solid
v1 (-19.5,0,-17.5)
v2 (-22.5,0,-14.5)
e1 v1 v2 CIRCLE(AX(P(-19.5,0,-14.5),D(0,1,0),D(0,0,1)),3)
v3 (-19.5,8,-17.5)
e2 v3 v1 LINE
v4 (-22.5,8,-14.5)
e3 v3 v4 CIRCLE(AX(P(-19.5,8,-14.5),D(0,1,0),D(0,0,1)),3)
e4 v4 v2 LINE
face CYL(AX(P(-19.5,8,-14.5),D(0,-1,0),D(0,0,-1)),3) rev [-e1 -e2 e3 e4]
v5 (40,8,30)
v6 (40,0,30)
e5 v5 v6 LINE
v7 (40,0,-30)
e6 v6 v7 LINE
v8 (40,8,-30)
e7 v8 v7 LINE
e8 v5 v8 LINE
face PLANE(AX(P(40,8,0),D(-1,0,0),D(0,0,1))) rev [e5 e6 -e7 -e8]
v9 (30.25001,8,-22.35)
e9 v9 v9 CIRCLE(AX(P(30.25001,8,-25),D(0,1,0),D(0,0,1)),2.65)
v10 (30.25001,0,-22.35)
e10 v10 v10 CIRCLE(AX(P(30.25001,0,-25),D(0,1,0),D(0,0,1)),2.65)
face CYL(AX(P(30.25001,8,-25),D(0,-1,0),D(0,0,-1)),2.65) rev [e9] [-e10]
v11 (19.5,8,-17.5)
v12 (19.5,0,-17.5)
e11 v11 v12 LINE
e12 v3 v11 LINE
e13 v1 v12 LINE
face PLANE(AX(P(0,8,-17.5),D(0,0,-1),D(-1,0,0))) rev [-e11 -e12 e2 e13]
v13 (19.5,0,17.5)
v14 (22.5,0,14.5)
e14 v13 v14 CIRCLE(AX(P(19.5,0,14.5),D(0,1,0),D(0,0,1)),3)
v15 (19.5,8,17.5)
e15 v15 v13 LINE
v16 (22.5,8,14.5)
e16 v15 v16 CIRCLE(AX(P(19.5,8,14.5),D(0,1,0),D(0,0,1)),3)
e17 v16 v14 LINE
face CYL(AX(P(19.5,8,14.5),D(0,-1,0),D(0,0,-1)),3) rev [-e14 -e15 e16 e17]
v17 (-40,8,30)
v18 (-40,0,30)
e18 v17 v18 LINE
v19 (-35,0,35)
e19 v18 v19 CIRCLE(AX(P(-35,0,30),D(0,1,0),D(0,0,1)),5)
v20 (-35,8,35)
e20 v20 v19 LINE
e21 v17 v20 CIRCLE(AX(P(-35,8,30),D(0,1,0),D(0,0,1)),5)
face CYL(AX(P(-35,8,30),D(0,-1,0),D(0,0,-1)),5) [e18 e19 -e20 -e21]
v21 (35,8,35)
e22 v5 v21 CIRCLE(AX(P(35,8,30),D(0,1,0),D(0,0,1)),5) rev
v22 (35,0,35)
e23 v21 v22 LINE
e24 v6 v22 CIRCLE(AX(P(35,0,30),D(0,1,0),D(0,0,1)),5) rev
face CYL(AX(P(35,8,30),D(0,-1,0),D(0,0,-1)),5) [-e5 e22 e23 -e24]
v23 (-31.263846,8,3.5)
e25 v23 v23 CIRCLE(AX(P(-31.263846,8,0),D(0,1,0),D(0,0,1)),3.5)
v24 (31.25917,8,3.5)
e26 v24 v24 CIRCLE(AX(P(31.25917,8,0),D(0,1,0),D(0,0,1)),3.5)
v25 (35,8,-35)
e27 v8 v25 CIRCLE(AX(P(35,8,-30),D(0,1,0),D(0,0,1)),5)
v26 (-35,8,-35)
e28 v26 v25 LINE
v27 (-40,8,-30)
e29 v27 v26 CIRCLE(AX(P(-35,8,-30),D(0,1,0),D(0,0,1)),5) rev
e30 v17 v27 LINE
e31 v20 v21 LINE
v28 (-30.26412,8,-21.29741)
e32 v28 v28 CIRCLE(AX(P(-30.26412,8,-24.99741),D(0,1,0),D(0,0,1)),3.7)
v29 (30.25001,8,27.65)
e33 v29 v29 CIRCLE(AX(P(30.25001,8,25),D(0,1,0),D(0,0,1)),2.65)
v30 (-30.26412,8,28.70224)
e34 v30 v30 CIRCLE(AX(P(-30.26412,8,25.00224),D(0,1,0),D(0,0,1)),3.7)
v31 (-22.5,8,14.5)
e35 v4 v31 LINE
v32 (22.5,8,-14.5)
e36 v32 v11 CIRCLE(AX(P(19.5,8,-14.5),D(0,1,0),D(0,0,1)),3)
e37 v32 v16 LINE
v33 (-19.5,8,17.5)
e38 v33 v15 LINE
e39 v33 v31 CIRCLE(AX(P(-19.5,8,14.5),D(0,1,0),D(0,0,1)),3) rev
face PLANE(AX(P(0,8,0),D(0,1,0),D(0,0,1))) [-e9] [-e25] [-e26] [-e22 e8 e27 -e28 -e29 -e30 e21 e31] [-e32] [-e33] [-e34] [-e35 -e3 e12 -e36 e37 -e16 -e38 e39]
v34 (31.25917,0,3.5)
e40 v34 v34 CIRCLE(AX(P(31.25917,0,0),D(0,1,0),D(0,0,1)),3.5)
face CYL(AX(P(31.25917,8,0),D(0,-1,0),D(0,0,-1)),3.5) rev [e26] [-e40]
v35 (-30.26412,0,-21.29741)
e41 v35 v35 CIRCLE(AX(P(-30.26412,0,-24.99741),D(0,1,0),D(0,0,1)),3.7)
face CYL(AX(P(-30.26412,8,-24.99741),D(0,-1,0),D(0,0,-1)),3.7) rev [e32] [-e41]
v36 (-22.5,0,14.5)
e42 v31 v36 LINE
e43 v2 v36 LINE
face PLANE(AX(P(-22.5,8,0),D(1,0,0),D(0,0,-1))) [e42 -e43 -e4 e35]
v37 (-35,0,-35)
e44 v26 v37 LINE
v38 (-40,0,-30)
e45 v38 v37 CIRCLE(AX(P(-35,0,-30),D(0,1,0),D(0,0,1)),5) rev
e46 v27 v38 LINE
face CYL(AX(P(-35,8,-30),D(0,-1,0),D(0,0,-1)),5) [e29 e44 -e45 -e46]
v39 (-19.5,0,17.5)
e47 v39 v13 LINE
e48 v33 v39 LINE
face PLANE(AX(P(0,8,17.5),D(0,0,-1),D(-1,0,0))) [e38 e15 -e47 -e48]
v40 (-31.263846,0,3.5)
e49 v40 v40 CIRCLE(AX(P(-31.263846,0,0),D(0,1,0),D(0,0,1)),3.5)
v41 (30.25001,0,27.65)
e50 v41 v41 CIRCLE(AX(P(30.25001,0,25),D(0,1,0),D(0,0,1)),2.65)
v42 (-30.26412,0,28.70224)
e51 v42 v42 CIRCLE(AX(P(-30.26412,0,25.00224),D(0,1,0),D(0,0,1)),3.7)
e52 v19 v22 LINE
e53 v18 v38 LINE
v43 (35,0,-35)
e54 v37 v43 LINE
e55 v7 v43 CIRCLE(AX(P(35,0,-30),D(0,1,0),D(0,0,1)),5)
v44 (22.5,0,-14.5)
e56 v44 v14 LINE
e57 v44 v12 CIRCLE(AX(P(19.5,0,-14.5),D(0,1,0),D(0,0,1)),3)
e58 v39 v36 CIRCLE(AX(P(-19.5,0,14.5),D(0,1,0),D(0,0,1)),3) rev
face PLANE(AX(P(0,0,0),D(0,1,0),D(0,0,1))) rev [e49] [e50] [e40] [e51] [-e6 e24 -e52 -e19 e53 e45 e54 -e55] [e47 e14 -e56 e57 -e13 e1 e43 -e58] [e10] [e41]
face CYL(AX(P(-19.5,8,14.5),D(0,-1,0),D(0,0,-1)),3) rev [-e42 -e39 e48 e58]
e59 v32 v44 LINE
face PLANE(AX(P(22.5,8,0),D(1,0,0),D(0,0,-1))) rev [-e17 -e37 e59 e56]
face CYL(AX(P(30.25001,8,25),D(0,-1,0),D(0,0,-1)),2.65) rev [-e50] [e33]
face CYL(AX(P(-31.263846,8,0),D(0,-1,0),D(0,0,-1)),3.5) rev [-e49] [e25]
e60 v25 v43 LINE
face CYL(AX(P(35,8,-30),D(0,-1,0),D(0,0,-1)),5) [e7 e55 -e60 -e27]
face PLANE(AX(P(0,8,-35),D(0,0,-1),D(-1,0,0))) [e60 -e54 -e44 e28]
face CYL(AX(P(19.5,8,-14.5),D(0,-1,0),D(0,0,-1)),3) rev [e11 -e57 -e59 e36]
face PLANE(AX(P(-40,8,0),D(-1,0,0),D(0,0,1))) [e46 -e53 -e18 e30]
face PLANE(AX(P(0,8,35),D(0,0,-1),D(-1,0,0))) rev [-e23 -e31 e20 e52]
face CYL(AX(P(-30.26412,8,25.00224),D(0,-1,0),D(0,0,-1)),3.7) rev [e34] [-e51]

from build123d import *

# Parameters (mm, degrees)
CROQUIS1_R              = 3.5
CROQUIS1_R_2            = 2.65
CROQUIS1_R_3            = 3.7
SALIENTE_EXTRUIR2_DEPTH = 8


with BuildPart() as part:
    # Croquis1 → Saliente-Extruir2 (new body)
    with BuildSketch(Plane(origin=(0, 0, 0), x_dir=(1, 0, 0), z_dir=(0, 1, 0))):
        with BuildLine():
            ThreePointArc((40, -30), (38.535533906, -33.535533906), (35, -35))
            Line((35, -35), (-35, -35))
            ThreePointArc((-35, -35), (-38.535533906, -33.535533906), (-40, -30))
            Line((-40, -30), (-40, 30))
            ThreePointArc((-40, 30), (-38.535533906, 33.535533906), (-35, 35))
            Line((-35, 35), (35, 35))
            ThreePointArc((35, 35), (38.535533906, 33.535533906), (40, 30))
            Line((40, 30), (40, -30))
        make_face()
        with Locations((31.259169622, 0)):
            Circle(CROQUIS1_R, mode=Mode.SUBTRACT)
        with Locations((30.25001, 25)):
            Circle(CROQUIS1_R_2, mode=Mode.SUBTRACT)
        with Locations((30.25001, -25)):
            Circle(CROQUIS1_R_2, mode=Mode.SUBTRACT)
        with Locations((-31.263846279, 0)):
            Circle(CROQUIS1_R, mode=Mode.SUBTRACT)
        with Locations((-30.264120004, 24.99741)):
            Circle(CROQUIS1_R_3, mode=Mode.SUBTRACT)
        with Locations((-30.264120004, -25.00224)):
            Circle(CROQUIS1_R_3, mode=Mode.SUBTRACT)
        with BuildLine():
            ThreePointArc((19.5, -17.5), (21.621320344, -16.621320344), (22.5, -14.5))
            Line((22.5, -14.5), (22.5, 14.5))
            ThreePointArc((22.5, 14.5), (21.621320344, 16.621320344), (19.5, 17.5))
            Line((19.5, 17.5), (-19.5, 17.5))
            ThreePointArc((-19.5, 17.5), (-21.621320344, 16.621320344), (-22.5, 14.5))
            Line((-22.5, 14.5), (-22.5, -14.5))
            ThreePointArc((-22.5, -14.5), (-21.621320344, -16.621320344), (-19.5, -17.5))
            Line((-19.5, -17.5), (19.5, -17.5))
        make_face(mode=Mode.SUBTRACT)
    extrude(amount=SALIENTE_EXTRUIR2_DEPTH)


solid = part.part
